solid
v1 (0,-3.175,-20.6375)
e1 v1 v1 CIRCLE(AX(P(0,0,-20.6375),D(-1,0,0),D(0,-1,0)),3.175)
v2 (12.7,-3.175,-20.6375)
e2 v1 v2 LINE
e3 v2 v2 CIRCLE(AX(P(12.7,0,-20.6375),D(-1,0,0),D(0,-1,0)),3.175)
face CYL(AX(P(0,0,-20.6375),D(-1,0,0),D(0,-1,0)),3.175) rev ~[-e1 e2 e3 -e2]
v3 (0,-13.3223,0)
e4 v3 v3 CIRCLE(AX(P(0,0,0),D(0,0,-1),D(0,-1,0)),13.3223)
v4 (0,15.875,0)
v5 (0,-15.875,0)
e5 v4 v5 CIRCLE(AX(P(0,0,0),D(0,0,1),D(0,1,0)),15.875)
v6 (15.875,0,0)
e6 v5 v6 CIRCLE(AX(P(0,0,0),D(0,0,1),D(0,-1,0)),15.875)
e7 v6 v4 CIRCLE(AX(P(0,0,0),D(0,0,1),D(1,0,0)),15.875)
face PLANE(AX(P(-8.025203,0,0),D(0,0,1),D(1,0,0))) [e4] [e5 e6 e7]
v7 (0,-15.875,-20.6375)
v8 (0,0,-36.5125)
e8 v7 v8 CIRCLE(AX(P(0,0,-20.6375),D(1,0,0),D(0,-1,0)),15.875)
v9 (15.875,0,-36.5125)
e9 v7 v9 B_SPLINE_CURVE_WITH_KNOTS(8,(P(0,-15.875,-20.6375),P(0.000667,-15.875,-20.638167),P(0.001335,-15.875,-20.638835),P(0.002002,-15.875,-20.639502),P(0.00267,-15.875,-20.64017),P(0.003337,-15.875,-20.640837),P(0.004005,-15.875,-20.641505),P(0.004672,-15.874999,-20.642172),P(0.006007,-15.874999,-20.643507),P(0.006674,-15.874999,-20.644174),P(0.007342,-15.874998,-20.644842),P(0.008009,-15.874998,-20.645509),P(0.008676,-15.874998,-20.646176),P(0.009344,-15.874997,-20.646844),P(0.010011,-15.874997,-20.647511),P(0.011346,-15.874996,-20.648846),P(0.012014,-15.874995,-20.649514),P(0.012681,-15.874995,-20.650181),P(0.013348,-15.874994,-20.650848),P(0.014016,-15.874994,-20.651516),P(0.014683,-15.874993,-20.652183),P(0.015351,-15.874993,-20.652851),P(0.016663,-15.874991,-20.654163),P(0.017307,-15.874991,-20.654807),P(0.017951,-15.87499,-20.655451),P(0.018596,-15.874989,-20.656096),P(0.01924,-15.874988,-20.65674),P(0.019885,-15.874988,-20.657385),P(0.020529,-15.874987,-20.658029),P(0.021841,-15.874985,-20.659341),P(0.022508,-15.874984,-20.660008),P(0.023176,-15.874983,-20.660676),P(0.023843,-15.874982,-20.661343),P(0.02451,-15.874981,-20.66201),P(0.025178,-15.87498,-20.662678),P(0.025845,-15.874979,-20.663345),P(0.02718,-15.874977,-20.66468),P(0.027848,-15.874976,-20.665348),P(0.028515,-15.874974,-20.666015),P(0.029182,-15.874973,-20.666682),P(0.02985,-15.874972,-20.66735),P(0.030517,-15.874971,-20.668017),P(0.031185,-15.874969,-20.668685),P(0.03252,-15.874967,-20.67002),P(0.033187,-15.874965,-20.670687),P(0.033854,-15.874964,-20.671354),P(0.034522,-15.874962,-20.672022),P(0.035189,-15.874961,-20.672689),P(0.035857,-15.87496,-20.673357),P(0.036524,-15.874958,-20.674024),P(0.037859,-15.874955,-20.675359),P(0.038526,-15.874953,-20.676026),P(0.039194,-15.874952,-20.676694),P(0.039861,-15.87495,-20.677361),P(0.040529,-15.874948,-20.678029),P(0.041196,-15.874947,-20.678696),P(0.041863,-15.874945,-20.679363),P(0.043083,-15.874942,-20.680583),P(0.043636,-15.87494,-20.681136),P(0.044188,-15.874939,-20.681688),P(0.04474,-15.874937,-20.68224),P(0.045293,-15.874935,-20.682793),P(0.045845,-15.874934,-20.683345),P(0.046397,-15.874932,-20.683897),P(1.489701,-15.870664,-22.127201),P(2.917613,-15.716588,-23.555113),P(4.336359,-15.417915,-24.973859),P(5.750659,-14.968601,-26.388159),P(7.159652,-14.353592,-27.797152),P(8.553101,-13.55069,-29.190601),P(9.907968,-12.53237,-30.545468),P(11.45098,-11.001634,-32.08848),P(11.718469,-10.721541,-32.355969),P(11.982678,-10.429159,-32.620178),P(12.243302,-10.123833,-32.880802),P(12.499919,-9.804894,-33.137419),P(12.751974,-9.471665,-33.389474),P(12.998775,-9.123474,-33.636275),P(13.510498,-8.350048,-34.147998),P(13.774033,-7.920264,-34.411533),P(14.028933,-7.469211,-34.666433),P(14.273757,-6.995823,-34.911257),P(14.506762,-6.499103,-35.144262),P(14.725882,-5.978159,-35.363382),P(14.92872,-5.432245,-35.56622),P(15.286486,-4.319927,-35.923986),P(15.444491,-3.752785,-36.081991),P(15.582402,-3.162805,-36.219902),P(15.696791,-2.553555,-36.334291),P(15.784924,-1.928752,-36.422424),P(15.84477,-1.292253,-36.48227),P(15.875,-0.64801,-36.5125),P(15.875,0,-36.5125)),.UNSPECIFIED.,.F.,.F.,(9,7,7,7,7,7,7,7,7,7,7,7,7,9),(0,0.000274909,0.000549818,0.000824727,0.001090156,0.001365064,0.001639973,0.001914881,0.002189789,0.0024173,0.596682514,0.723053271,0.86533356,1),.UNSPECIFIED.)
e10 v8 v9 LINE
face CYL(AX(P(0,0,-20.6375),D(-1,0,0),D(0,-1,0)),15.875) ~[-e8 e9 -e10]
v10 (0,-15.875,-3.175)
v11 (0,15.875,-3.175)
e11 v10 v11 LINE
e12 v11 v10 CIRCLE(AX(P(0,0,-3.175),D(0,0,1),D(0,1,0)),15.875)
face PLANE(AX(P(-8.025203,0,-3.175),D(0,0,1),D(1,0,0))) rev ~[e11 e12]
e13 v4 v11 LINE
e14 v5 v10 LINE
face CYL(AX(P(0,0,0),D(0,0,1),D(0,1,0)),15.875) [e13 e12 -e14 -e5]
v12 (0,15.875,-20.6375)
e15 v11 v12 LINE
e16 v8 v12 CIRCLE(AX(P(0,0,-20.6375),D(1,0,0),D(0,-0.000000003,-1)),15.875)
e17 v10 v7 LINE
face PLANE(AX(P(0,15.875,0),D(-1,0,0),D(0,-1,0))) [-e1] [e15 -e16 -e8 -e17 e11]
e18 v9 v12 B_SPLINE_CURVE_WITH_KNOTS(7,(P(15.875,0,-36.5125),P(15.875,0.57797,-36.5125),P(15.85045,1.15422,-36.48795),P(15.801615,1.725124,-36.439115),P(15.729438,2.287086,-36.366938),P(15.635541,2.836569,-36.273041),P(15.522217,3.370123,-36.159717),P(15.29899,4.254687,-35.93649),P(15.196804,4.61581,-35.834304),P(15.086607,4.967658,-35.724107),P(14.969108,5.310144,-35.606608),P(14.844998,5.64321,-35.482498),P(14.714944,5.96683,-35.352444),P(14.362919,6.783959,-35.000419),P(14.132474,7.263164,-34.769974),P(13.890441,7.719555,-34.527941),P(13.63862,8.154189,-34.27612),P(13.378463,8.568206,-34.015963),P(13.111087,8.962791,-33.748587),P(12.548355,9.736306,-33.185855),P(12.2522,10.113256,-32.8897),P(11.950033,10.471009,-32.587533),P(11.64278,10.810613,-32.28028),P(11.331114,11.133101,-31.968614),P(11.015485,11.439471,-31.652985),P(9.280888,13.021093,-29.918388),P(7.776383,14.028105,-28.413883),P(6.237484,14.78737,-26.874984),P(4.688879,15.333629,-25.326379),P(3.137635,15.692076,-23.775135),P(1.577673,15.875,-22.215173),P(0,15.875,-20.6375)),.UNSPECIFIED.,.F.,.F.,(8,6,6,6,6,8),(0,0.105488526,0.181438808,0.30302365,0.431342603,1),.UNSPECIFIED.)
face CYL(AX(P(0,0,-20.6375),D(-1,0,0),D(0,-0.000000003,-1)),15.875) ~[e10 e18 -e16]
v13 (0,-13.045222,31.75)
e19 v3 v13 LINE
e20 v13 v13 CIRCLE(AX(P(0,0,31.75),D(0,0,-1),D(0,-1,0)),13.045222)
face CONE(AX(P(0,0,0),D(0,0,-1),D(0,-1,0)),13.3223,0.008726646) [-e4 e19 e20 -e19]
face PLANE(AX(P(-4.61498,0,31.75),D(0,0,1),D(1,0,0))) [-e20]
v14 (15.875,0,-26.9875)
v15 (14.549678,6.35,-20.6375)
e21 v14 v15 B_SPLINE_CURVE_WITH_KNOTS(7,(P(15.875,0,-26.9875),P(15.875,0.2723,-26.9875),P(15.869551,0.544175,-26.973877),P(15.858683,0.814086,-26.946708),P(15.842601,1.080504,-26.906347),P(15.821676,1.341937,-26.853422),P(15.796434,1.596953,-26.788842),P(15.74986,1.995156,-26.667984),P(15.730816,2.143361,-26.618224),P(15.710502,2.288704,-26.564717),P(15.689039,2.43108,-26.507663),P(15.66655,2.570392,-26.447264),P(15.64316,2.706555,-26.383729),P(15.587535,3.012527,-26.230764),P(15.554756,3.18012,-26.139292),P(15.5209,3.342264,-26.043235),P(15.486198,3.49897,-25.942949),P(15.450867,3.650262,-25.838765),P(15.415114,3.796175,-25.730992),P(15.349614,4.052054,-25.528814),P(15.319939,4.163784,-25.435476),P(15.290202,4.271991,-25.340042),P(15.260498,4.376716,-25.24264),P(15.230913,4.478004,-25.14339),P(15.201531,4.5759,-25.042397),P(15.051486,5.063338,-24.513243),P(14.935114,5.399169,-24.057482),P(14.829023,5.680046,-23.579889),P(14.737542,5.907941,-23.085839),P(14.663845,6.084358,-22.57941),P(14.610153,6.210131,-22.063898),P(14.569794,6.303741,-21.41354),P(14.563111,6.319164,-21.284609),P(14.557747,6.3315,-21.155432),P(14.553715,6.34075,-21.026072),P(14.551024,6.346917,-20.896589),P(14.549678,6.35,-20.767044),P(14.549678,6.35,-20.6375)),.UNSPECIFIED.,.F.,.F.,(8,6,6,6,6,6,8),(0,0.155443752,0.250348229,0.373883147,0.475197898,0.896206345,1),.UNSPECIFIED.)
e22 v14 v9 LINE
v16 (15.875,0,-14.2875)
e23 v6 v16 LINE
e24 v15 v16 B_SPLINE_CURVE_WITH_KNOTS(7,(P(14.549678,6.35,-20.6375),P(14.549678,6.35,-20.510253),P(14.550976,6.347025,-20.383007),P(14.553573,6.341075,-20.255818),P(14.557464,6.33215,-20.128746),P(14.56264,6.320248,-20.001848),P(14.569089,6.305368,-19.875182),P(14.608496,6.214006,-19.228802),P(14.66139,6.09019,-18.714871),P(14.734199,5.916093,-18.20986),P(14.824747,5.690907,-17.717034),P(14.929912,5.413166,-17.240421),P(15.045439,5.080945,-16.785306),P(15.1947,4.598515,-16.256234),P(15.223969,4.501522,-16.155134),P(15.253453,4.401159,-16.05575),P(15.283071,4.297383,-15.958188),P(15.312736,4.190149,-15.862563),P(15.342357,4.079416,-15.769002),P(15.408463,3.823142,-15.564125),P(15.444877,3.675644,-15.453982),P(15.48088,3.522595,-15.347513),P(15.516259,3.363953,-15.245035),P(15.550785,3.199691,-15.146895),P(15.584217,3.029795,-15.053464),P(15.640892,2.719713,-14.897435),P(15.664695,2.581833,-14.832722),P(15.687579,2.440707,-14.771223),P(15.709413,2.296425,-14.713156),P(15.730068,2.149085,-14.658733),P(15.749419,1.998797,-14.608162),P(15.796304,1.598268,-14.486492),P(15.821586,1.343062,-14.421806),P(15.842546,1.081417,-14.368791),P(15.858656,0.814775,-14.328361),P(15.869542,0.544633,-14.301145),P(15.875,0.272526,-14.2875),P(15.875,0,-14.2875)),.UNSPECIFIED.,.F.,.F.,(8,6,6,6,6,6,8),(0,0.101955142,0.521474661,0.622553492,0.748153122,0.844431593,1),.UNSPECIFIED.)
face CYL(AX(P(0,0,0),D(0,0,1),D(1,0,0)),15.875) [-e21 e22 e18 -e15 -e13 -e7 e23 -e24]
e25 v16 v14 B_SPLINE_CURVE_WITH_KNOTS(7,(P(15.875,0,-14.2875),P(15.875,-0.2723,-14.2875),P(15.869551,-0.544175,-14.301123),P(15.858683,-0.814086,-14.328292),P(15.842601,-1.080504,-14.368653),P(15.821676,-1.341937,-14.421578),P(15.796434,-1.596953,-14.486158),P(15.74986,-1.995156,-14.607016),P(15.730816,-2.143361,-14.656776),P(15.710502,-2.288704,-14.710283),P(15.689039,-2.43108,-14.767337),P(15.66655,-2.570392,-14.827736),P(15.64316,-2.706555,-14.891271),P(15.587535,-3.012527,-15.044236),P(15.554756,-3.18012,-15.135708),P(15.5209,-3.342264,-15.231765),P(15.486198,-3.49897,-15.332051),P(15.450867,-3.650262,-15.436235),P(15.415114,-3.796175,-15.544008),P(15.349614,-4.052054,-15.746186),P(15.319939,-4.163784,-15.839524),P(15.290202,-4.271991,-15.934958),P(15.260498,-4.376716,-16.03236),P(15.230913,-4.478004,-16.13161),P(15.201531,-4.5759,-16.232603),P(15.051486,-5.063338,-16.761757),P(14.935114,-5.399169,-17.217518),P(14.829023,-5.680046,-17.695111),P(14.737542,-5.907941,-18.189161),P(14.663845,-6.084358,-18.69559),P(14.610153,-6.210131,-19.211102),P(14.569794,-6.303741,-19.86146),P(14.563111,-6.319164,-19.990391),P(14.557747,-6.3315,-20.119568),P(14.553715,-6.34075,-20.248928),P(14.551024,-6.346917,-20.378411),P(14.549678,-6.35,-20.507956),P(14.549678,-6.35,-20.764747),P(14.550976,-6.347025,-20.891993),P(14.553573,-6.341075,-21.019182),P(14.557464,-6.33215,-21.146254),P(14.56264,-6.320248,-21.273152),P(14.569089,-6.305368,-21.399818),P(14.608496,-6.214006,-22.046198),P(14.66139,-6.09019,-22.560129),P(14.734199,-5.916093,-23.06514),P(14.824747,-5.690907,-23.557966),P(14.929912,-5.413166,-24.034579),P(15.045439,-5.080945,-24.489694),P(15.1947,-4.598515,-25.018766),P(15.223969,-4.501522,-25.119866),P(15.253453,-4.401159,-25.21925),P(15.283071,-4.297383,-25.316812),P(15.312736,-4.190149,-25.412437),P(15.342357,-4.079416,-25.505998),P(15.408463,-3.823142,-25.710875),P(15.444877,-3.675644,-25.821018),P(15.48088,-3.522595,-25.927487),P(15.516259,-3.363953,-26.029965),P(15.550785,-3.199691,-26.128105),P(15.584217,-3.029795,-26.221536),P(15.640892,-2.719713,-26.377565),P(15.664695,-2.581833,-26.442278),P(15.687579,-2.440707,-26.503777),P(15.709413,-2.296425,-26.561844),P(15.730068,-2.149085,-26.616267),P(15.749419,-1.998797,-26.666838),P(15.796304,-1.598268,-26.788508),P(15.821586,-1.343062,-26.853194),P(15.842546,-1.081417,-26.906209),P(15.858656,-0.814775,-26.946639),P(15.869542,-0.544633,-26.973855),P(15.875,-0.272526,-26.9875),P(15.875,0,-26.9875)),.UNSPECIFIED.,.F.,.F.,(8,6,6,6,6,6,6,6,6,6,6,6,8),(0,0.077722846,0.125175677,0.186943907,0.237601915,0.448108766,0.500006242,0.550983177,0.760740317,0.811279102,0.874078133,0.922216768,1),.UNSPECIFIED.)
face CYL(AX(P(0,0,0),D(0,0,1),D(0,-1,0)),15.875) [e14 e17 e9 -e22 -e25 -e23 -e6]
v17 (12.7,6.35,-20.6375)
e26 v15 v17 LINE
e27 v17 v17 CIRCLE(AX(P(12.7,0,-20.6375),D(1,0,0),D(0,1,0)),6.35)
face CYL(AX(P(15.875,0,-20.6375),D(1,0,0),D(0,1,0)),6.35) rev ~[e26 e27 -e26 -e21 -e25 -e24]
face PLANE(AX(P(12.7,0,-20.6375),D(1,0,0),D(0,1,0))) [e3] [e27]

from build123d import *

# Parameters (mm, degrees)
F1_DEPTH = 31.75
F1_TAPER = 0.5
F2_DEPTH = 36.5125
F3_DEPTH = 3.175
F5_DEPTH = 15.876
F7_R     = 6.35
F8_DEPTH = 3.175


with BuildPart() as f1:
    # F0 (on Top) → F1 (new body)
    with BuildSketch(Plane.XY):
        with BuildLine():
            Line((0, -13.3223), (0, 13.3223))
            ThreePointArc((0, 13.3223), (-13.3223, 0), (0, -13.3223))
        make_face()
        with BuildLine():
            ThreePointArc((0, -13.3223), (9.420288671, -9.420288671), (13.3223, 0))
            ThreePointArc((13.3223, 0), (9.420288671, 9.420288671), (0, 13.3223))
            Line((0, 13.3223), (0, -13.3223))
        make_face()
    extrude(amount=F1_DEPTH, taper=F1_TAPER)

    # F0 (on Top) → F2 (join)
    with BuildSketch(Plane.XY):
        with BuildLine():
            ThreePointArc((0, -13.3223), (9.420288671, -9.420288671), (13.3223, 0))
            ThreePointArc((13.3223, 0), (9.420288671, 9.420288671), (0, 13.3223))
            Line((0, 13.3223), (0, -13.3223))
        make_face()
        with BuildLine():
            ThreePointArc((0, 13.3223), (9.420288671, 9.420288671), (13.3223, 0))
            ThreePointArc((13.3223, 0), (9.420288671, -9.420288671), (0, -13.3223))
            Line((0, -13.3223), (0, -15.875))
            ThreePointArc((0, -15.875), (11.2253201513, -11.2253201513), (15.875, 0))
            ThreePointArc((15.875, 0), (11.2253201513, 11.2253201513), (0, 15.875))
            Line((0, 15.875), (0, 13.3223))
        make_face()
    extrude(amount=-F2_DEPTH)

    # F0 (on Top) → F3 (join)
    with BuildSketch(Plane.XY):
        with BuildLine():
            ThreePointArc((0, -13.3223), (-13.3223, 0), (0, 13.3223))
            Line((0, 13.3223), (0, 15.875))
            ThreePointArc((0, 15.875), (-15.875, 0), (0, -15.875))
            Line((0, -15.875), (0, -13.3223))
        make_face()
        with BuildLine():
            Line((0, -13.3223), (0, 13.3223))
            ThreePointArc((0, 13.3223), (-13.3223, 0), (0, -13.3223))
        make_face()
    extrude(amount=-F3_DEPTH)

    # F4 (on face) → F5 (cut, through all)
    with BuildSketch(Plane(origin=(0, 0, 0), x_dir=(0, -1, 0), z_dir=(-1, 0, 0))):
        with BuildLine():
            ThreePointArc((-3.175, -20.6375), (0, -23.8125), (3.175, -20.6375))
            Line((3.175, -20.6375), (-3.175, -20.6375))
        make_face()
        with BuildLine():
            Line((-3.175, -20.6375), (3.175, -20.6375))
            ThreePointArc((3.175, -20.6375), (0, -17.4625), (-3.175, -20.6375))
        make_face()
        with BuildLine():
            ThreePointArc((5.44e-08, -36.5125), (-11.2253201321, -31.8628201706), (-15.875, -20.6375))
            Line((-15.875, -20.6375), (-15.875, -36.5125))
            Line((-15.875, -36.5125), (5.44e-08, -36.5125))
        make_face()
        with BuildLine():
            Line((15.875, -36.5125), (15.875, -20.6375))
            ThreePointArc((15.875, -20.6375), (11.2253201706, -31.8628201321), (5.44e-08, -36.5125))
            Line((5.44e-08, -36.5125), (15.875, -36.5125))
        make_face()
    extrude(amount=-F5_DEPTH, mode=Mode.SUBTRACT)

    # F7 (on offset) → F8 (cut)
    with BuildSketch(Plane.YZ.offset(15.875)):
        with Locations((0, -20.6375)):
            Circle(F7_R)
    extrude(amount=-F8_DEPTH, mode=Mode.SUBTRACT)


solid = f1.part
